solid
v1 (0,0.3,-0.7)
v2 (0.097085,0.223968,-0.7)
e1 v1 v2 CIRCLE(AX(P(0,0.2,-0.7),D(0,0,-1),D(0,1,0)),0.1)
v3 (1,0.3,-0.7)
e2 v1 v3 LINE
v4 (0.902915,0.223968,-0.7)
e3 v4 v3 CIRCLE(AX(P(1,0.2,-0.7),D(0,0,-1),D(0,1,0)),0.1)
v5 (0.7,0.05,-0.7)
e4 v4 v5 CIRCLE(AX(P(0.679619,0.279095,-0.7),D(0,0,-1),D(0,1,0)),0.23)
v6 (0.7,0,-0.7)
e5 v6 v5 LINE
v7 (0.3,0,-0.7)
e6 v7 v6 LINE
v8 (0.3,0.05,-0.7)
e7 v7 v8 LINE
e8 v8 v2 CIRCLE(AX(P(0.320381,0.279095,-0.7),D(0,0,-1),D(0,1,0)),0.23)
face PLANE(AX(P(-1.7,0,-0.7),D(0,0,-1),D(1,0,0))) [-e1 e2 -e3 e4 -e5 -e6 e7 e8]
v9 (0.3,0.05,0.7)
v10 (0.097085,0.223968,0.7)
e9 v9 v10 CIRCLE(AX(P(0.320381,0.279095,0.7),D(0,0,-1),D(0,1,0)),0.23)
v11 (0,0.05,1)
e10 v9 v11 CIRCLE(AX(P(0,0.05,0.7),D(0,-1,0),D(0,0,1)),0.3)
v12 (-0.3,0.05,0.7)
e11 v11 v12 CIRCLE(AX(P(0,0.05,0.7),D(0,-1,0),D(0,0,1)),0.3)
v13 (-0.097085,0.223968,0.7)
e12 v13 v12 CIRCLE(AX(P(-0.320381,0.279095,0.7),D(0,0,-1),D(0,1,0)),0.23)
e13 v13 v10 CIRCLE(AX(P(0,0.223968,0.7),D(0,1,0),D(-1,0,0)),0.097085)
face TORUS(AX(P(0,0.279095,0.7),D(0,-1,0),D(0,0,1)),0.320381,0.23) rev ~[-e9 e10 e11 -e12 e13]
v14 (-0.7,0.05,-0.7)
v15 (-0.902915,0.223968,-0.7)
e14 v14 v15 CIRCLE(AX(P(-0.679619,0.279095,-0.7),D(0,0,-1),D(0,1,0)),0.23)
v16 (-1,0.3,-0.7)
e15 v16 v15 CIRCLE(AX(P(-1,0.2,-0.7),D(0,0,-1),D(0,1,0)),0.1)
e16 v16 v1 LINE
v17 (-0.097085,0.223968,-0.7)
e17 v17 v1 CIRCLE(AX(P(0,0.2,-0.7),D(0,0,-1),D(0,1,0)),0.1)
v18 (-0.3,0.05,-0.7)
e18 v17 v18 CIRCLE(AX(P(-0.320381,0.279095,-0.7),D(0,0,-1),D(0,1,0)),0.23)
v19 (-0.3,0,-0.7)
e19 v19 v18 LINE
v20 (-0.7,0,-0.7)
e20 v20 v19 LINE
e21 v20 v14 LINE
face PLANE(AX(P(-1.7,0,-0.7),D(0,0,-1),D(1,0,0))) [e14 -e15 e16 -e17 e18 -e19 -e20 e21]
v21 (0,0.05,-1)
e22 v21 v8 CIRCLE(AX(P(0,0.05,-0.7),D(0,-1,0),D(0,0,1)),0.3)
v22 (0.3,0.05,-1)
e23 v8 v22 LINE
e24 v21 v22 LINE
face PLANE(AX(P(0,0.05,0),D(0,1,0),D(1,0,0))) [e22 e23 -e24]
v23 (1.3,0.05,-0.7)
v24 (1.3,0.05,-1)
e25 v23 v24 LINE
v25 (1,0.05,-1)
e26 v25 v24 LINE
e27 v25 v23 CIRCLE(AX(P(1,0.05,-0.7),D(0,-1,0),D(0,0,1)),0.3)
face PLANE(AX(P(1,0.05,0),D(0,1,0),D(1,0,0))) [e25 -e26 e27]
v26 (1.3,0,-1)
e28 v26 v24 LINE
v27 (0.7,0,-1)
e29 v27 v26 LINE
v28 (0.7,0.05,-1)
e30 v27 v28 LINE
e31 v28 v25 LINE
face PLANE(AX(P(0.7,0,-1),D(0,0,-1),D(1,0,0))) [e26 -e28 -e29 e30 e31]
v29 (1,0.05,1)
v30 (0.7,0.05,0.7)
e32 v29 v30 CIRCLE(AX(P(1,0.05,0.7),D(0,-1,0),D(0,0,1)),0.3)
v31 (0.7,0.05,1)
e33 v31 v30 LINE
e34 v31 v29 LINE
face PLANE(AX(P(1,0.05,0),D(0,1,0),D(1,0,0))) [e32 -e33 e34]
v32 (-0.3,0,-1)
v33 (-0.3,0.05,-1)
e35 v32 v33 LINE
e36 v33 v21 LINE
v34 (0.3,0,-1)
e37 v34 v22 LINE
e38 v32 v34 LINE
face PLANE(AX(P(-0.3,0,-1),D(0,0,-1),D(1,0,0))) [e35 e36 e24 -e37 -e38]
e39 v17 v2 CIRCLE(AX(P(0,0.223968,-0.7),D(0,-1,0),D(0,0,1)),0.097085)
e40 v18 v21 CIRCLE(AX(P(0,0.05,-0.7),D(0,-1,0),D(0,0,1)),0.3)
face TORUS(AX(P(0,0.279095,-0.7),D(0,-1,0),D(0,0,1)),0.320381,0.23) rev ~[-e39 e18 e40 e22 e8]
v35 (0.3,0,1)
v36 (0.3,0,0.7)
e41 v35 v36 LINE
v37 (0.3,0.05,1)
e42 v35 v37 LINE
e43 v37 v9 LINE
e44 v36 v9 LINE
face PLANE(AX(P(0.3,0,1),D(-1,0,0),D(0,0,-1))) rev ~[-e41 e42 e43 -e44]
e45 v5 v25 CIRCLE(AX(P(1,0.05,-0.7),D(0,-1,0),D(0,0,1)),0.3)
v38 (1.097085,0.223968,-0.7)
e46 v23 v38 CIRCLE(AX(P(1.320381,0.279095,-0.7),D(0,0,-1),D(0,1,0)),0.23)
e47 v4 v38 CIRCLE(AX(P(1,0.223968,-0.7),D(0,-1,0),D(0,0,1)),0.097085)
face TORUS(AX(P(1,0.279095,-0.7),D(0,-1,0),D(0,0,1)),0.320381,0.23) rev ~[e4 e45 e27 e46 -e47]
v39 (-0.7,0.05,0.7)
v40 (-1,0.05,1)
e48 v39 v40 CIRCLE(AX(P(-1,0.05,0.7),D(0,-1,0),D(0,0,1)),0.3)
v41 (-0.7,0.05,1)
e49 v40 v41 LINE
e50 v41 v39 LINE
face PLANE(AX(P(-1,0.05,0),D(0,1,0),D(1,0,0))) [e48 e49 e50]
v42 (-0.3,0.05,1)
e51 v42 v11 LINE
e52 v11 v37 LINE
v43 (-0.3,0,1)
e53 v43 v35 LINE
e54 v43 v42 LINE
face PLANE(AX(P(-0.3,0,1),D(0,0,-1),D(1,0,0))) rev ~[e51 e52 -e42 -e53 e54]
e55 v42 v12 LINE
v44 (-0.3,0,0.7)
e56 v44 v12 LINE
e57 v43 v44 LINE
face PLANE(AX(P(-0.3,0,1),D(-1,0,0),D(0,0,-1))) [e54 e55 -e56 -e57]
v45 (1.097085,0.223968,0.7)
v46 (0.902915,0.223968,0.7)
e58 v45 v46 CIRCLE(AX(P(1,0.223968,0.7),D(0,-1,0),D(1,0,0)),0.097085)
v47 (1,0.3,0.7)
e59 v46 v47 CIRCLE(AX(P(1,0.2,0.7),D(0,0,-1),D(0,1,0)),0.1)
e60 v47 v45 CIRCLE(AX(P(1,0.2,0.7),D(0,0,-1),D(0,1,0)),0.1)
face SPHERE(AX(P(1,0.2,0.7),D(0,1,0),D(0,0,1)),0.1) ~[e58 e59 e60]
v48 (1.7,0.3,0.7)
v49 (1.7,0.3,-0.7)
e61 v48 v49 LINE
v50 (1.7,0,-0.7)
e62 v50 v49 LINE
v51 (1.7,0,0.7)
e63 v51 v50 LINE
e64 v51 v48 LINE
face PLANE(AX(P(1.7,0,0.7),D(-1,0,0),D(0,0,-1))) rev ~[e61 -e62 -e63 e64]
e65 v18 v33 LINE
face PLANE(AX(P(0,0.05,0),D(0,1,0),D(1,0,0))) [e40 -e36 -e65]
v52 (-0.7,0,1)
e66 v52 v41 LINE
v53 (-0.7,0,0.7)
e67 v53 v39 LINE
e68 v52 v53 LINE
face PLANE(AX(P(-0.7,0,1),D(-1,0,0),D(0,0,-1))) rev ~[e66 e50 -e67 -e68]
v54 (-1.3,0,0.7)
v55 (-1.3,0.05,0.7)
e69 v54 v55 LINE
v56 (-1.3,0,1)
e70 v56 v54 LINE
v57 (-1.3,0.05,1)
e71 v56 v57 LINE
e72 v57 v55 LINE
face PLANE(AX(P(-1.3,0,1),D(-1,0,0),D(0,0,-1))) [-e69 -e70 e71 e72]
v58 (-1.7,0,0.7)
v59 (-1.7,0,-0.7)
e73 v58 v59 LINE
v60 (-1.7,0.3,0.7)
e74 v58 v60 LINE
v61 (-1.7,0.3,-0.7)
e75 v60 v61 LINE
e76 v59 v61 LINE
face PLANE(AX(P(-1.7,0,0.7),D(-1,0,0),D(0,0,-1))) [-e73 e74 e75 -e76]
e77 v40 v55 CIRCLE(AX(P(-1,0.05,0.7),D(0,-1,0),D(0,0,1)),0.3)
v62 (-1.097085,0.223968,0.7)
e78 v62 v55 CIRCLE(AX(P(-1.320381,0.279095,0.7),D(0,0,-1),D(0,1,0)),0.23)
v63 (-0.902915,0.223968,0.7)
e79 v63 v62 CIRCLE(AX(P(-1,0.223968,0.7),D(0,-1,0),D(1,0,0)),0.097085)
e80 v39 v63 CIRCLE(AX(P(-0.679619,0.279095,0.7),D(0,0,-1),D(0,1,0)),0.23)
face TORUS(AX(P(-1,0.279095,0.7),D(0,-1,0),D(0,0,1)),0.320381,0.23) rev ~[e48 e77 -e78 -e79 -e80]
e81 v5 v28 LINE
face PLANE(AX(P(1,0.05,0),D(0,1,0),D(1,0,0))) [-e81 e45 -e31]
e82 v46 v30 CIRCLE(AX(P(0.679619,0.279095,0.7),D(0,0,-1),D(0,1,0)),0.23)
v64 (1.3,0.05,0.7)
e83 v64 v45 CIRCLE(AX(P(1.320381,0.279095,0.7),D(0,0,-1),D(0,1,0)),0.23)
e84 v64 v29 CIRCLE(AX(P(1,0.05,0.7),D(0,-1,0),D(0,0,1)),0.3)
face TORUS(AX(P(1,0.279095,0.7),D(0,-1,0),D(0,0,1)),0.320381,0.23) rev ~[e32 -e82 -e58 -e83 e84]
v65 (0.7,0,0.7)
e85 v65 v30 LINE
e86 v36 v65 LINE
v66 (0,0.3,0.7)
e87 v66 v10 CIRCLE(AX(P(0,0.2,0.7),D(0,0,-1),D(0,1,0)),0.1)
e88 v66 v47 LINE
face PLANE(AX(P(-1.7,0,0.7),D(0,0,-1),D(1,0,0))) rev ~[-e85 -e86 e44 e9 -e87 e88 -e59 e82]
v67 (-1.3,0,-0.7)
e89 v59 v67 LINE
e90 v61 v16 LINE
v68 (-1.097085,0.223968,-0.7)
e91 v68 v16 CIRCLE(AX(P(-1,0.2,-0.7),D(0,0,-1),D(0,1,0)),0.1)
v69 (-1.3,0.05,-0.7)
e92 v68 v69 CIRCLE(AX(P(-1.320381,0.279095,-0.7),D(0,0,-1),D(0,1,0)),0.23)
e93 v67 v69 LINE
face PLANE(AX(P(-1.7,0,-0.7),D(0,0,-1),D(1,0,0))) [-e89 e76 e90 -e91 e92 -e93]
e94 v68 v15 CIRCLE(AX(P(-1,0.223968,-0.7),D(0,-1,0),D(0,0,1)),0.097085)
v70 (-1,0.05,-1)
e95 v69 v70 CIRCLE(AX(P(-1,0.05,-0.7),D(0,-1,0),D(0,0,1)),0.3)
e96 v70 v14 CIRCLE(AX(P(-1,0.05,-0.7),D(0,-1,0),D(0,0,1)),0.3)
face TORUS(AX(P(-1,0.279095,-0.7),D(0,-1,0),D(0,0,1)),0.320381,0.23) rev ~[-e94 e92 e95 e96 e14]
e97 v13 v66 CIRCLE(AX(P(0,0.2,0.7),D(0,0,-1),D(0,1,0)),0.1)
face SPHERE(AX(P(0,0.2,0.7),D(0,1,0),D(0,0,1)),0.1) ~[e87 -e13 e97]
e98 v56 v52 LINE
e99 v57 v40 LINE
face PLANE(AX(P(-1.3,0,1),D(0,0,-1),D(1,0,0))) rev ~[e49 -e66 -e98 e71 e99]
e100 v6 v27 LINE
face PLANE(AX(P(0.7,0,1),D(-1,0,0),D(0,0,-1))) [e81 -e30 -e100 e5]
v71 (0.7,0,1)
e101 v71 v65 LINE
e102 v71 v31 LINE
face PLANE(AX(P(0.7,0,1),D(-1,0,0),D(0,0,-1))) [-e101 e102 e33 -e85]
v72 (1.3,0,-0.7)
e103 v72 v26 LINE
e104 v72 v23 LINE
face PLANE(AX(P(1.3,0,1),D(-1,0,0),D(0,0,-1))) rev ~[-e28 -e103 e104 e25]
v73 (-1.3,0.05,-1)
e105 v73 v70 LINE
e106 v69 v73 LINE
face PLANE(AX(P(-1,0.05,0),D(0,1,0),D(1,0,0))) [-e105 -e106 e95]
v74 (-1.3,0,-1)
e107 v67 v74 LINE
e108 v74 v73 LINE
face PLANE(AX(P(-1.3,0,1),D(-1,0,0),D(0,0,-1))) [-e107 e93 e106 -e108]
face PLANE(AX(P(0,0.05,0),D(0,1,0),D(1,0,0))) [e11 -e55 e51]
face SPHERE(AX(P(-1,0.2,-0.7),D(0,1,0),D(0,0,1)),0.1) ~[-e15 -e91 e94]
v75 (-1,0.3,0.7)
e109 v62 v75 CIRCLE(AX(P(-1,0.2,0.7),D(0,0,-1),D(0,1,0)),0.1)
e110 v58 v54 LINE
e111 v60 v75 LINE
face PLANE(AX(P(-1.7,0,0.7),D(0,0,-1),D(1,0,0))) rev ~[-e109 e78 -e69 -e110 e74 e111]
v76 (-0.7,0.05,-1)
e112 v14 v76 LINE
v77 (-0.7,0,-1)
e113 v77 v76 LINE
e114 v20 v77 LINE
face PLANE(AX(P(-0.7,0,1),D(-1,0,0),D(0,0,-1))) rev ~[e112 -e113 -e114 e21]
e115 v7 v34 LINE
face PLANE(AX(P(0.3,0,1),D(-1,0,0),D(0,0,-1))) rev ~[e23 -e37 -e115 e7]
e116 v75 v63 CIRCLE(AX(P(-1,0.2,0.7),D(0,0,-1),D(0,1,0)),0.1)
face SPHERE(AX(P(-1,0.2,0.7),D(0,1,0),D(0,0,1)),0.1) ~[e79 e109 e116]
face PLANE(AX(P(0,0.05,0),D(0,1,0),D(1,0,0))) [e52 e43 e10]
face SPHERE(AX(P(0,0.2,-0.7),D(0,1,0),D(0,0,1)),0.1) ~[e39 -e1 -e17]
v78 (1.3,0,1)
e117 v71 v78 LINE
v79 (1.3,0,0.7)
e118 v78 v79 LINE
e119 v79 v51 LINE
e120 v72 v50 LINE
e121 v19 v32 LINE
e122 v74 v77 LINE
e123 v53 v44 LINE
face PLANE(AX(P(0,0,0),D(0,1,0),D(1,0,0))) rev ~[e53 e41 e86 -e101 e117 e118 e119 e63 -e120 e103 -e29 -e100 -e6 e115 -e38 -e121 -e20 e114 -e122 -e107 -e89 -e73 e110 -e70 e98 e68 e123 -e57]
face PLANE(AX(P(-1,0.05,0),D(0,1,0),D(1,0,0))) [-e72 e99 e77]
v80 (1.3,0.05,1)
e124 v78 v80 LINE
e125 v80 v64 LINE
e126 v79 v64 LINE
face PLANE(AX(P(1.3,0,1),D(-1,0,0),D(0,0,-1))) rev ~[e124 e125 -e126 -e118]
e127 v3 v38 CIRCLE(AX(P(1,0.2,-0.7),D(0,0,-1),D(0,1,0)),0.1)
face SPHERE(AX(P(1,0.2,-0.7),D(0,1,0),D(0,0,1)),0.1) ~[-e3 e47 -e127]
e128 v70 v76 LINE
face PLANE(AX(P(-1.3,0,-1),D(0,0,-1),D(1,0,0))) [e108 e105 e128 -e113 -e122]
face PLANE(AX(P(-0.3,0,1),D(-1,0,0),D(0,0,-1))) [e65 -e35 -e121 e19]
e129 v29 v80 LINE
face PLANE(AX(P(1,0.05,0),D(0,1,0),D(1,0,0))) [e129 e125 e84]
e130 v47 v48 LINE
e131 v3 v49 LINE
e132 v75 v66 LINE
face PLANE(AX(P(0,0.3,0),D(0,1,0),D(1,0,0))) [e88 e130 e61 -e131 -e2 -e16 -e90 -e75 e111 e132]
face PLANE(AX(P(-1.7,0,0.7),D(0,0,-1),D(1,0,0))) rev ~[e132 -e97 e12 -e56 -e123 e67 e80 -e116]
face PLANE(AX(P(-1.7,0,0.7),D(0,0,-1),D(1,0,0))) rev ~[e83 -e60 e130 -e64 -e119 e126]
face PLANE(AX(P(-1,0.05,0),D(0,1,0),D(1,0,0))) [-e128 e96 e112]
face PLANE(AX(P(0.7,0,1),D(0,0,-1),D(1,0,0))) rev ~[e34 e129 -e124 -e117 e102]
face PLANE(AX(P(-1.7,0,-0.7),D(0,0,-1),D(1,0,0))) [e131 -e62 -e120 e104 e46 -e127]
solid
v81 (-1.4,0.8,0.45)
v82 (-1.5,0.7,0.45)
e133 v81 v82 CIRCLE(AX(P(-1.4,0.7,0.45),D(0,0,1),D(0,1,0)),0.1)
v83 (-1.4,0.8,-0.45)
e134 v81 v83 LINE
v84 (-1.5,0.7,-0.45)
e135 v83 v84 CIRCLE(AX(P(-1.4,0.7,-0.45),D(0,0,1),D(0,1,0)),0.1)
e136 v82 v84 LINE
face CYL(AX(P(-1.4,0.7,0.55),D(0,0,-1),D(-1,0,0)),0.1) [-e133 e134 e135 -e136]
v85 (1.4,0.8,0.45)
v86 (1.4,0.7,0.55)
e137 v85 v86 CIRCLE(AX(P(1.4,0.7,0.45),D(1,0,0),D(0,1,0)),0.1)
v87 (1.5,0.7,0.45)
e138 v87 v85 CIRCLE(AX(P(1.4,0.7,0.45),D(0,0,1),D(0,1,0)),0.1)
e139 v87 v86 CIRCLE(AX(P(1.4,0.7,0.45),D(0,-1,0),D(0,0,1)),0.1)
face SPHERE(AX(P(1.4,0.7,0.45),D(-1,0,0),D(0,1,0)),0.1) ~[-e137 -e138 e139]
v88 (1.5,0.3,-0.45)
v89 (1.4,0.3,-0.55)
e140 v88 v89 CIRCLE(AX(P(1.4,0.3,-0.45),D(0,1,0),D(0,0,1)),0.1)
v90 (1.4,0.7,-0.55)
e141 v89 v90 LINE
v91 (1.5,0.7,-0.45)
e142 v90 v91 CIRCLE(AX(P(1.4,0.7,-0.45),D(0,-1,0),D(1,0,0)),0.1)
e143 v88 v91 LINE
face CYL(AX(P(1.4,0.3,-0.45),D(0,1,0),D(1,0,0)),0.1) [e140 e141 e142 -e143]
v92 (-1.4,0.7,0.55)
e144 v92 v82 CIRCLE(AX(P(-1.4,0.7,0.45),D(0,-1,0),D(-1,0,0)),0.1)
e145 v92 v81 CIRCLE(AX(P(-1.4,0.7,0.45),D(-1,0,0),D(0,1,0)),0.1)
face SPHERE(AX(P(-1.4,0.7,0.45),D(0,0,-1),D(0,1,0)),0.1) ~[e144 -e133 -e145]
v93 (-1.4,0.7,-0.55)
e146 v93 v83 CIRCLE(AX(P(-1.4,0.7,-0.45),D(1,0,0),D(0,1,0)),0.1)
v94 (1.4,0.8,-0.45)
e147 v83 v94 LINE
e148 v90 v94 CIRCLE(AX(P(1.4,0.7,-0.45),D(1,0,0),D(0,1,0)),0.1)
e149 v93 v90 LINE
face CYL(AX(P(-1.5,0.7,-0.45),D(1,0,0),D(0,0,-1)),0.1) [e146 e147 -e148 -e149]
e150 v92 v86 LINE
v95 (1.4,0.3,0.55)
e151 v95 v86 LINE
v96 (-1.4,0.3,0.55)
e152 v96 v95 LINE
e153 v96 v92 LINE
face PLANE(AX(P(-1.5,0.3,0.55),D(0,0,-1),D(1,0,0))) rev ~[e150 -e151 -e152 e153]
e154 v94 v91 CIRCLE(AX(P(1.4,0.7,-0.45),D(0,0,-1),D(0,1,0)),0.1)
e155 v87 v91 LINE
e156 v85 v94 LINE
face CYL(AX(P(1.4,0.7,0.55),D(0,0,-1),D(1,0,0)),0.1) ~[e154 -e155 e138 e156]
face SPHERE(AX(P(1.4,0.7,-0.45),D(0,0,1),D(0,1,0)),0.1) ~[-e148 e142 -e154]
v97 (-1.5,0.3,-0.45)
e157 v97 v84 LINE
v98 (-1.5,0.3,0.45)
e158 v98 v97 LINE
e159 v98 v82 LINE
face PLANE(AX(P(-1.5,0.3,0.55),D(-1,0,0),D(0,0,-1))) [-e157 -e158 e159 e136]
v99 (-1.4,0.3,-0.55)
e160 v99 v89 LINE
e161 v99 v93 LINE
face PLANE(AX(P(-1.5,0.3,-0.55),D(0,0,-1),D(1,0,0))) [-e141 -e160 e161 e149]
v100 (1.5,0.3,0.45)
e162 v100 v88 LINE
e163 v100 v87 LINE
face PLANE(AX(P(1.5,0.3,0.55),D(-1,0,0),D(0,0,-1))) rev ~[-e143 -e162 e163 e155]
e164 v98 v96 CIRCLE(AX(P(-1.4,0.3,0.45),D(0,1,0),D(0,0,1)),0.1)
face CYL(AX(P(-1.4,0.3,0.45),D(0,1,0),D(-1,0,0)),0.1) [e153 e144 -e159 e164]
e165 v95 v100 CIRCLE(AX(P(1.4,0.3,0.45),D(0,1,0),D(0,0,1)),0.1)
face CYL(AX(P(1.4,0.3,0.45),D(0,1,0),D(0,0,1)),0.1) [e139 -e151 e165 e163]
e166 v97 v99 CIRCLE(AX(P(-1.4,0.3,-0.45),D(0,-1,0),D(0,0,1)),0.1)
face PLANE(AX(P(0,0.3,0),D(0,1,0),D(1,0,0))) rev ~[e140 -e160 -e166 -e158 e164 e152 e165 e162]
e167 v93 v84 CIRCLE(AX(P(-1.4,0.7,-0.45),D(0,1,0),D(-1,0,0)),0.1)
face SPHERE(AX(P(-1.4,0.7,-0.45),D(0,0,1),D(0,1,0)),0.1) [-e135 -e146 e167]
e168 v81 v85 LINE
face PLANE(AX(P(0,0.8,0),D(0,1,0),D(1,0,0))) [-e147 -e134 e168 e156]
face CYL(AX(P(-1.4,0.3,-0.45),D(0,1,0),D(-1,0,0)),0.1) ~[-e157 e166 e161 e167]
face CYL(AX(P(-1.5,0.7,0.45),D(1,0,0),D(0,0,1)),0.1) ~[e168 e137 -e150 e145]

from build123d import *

# Parameters (mm, degrees)
SKETCH1_W            = 3.4
SKETCH1_H            = 1.4
BOSS_EXTRUDE1_DEPTH  = 0.3
SKETCH2_W            = 3
SKETCH2_H            = 1.1
BOSS_EXTRUDE2_DEPTH  = 0.5
FILLET1_R            = 0.1
SKETCH3_W            = 0.6
SKETCH3_H            = 2
BOSS_EXTRUDE3_DEPTH  = 0.05
LPATTERN2_COUNT      = 3
LPATTERN2_PITCH      = 1
LPATTERN2_COUNT_DIR2 = 2
LPATTERN2_PITCH_DIR2 = 1.4


with BuildPart() as part:
    # Sketch1 → Boss-Extrude1 (new body)
    with BuildSketch(Plane(origin=(0, 0, 0), x_dir=(1, 0, 0), z_dir=(0, 1, 0))):
        Rectangle(SKETCH1_W, SKETCH1_H)
    extrude(amount=BOSS_EXTRUDE1_DEPTH)

    # Sketch3 → Boss-Extrude3 (add)
    with BuildSketch(Plane(origin=(0, 0, 0), x_dir=(1, 0, 0), z_dir=(0, 1, 0))):
        Rectangle(SKETCH3_W, SKETCH3_H)
        with Locations((1, 0)):
            Rectangle(SKETCH3_W, SKETCH3_H)
        with Locations((-1, 0)):
            Rectangle(SKETCH3_W, SKETCH3_H)
    extrude(amount=BOSS_EXTRUDE3_DEPTH)

    # Sketch5 → Revolve1 (revolve)
    with BuildSketch(Plane.ZY.offset(-1)):
        with BuildLine():
            Line((0.7, 0.3), (0.7, 0.05))
            Line((0.7, 0.05), (1, 0.05))
            ThreePointArc((1, 0.05), (0.870678479, 0.104483723), (0.797085133, 0.223968247))
            ThreePointArc((0.797085133, 0.223968247), (0.761657016, 0.278729996), (0.7, 0.3))
        make_face()
    revolve1 = revolve(axis=Axis((1, 0.521321821, 0.7), (0, -1, 0)))

    # LPattern2: Revolve1 3 × 2
    with Locations(*[(-i * LPATTERN2_PITCH, 0, -j * LPATTERN2_PITCH_DIR2) for i in range(LPATTERN2_COUNT) for j in range(LPATTERN2_COUNT_DIR2) if (i, j) != (0, 0)]):
        add(revolve1)


with BuildPart() as body_2:
    # Sketch2 → Boss-Extrude2 (new body)
    with BuildSketch(Plane(origin=(0, 0.3, 0), x_dir=(1, 0, 0), z_dir=(0, 1, 0))):
        Rectangle(SKETCH2_W, SKETCH2_H)
    extrude(amount=BOSS_EXTRUDE2_DEPTH)

    # Fillet1
    fillet1_edges = [body_2.edges().sort_by_distance(p)[0] for p in [
        (-1.5, 0.8, 0),
        (0, 0.8, 0.55),
        (1.5, 0.8, 0),
        (0, 0.8, -0.55),
        (1.5, 0.55, 0.55),
        (-1.5, 0.55, 0.55),
        (-1.5, 0.55, -0.55),
        (1.5, 0.55, -0.55),
    ]]
    fillet(fillet1_edges, radius=FILLET1_R)


solid = Compound([part.part, body_2.part])
